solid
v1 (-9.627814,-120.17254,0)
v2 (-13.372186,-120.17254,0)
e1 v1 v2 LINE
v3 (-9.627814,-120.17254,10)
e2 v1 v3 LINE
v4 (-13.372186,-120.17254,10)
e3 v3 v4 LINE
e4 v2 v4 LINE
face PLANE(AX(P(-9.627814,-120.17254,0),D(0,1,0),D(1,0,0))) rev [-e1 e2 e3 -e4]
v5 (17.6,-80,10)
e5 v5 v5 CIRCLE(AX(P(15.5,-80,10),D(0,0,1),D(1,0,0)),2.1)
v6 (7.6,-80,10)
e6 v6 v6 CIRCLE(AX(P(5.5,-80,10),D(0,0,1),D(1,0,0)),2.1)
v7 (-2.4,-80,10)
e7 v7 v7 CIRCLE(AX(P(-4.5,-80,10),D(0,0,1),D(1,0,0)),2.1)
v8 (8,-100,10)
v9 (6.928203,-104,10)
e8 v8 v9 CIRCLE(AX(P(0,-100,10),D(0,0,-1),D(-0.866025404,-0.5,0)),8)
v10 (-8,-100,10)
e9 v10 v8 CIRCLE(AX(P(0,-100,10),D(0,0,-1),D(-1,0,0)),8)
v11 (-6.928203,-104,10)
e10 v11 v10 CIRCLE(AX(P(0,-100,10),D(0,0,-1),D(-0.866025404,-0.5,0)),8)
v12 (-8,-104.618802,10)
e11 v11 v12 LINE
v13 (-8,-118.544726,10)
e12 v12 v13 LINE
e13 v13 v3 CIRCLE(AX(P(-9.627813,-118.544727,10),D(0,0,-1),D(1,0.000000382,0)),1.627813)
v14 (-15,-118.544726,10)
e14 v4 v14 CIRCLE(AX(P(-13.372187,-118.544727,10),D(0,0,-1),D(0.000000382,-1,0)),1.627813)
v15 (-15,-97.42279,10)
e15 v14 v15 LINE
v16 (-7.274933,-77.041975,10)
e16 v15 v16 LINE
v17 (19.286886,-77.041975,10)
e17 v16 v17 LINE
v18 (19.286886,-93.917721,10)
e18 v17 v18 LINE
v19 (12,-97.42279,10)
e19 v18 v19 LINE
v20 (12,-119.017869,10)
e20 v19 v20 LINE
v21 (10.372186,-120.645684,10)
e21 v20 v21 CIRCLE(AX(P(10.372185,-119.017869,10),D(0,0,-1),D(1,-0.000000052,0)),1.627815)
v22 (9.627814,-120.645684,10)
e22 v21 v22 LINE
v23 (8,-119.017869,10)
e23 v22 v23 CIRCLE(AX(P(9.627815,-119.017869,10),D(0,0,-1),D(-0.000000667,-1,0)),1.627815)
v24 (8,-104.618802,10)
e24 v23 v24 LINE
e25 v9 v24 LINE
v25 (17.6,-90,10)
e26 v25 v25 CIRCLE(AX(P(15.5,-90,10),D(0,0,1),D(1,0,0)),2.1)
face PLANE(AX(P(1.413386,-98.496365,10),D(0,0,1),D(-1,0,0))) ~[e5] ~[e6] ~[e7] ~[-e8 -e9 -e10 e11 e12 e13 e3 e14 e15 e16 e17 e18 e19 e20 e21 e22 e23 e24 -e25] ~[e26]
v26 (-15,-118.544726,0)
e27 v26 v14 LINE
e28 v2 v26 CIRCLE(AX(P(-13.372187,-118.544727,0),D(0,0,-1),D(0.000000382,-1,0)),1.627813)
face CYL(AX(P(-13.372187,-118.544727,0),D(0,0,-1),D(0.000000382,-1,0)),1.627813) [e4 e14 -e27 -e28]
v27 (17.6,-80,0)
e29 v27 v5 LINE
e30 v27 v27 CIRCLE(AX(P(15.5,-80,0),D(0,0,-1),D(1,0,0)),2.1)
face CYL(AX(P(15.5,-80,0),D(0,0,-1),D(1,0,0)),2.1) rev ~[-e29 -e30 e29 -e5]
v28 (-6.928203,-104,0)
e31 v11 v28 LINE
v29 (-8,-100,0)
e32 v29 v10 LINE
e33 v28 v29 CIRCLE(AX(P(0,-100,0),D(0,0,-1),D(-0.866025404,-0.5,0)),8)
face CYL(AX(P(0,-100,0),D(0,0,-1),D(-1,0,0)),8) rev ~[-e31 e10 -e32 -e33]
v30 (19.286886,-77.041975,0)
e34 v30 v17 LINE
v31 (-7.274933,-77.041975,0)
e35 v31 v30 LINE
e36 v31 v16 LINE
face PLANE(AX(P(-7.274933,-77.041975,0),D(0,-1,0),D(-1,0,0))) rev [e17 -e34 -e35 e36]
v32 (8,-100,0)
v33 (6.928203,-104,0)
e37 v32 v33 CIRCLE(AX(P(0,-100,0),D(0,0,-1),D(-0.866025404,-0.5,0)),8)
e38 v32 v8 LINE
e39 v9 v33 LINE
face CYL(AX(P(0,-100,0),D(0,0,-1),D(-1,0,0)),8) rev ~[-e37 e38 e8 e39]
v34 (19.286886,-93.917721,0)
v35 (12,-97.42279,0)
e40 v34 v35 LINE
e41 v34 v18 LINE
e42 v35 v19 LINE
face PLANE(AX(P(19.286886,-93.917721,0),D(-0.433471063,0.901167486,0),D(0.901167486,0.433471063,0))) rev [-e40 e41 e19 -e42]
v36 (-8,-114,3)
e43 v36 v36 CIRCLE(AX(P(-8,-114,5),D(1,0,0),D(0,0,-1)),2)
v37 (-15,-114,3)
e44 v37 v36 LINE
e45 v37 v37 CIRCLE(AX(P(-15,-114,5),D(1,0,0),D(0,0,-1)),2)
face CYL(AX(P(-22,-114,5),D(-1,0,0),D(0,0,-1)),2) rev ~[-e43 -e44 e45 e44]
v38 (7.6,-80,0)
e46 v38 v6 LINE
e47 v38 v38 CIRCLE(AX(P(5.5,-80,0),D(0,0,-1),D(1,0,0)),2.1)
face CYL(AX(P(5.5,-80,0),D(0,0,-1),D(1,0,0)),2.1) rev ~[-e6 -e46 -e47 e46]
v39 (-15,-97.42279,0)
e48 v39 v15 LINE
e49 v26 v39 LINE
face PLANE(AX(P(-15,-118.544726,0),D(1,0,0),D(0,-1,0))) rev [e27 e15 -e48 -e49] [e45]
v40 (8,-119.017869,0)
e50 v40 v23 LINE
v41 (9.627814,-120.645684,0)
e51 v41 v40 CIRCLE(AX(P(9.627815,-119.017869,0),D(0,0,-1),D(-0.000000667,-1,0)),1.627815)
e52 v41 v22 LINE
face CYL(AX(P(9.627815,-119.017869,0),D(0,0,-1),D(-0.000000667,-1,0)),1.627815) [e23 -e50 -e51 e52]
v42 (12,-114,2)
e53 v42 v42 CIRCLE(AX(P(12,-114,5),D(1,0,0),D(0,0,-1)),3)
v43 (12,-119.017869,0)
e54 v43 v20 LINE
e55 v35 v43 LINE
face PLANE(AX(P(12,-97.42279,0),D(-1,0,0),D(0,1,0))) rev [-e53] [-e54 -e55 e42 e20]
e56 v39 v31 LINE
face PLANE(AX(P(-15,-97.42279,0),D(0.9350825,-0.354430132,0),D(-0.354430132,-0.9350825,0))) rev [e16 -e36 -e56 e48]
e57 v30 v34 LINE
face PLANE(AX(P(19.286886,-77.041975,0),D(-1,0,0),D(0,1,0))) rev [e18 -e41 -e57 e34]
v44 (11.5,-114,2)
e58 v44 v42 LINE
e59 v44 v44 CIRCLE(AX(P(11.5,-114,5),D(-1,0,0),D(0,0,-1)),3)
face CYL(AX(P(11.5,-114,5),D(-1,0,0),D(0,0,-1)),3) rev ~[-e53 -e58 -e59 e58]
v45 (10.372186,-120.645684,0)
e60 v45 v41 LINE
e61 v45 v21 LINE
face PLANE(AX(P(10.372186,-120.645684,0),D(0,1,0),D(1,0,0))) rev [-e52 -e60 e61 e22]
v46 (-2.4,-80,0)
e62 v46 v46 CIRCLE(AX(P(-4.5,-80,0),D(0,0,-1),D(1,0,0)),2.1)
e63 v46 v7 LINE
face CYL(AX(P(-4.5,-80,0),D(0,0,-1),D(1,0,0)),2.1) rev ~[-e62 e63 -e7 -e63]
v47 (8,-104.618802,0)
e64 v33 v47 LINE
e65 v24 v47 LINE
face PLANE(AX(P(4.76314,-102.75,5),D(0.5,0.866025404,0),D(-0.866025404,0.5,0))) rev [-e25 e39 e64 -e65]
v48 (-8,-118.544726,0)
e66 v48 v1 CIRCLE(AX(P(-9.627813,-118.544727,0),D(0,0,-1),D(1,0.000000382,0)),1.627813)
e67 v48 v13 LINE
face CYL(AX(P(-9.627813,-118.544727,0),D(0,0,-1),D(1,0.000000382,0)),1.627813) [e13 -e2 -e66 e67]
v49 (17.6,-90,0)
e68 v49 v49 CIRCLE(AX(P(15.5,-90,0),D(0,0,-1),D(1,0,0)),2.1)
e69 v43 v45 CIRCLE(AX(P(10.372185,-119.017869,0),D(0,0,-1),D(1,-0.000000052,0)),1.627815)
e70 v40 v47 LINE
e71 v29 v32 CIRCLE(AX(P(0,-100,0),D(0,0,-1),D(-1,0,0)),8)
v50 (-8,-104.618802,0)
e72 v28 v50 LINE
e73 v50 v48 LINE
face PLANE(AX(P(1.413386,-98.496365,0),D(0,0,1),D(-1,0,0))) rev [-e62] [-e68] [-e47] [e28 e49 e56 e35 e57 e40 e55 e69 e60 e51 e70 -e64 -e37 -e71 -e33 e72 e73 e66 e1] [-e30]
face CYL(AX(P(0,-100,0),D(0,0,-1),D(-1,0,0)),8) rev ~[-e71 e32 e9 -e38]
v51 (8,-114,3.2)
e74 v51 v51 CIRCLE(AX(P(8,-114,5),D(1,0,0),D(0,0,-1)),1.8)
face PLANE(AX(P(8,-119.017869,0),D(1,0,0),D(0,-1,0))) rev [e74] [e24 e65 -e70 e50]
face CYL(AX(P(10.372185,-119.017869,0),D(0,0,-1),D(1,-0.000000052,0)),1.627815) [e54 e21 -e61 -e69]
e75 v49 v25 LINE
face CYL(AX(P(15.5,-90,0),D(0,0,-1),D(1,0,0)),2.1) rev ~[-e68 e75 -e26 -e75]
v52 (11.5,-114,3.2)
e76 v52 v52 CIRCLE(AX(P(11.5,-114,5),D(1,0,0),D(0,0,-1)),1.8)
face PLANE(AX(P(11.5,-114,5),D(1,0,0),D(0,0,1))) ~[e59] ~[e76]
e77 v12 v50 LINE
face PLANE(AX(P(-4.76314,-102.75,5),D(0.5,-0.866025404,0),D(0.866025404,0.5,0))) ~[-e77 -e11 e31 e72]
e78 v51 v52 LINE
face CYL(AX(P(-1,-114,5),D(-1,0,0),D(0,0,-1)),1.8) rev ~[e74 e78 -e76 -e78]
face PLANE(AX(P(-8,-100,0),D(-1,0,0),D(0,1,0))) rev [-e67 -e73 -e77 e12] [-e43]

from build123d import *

# Parameters (mm, degrees)
CYLINDER011012_R               = 1.8
CYLINDER011012_DEPTH           = 20
CYLINDER011013_R               = 3
CYLINDER011013_DEPTH           = 20
BOX010_W                       = 20
BOX010_H                       = 10
BOX010_DEPTH                   = 20
CYLINDER011029_R               = 2.1
CYLINDER011029_DEPTH           = 20
ARRAY017_X_COUNT               = 4
ARRAY017_X_PITCH               = 10
ARRAY017_Y_COUNT               = 2
ARRAY017_Y_PITCH               = 10
CYLINDER011011_R               = 2
CYLINDER011011_DEPTH           = 20
CYLINDER011014_R               = 8
CYLINDER011014_DEPTH           = 10
CYLINDER011015_W               = 11
CYLINDER011015_H               = 10
CYLINDER011015_ANGLE           = 240
CYLINDER011015_PLACEMENT_ANGLE = 150
PAD_DEPTH                      = 10


with BuildPart() as bolt_hole001:
    # Cylinder011012 → Cylinder011012 (new body)
    with BuildSketch(Plane(origin=(-1, 14, 5), x_dir=(0, 0, -1), z_dir=(1, 0, 0))):
        Circle(CYLINDER011012_R)
    extrude(amount=CYLINDER011012_DEPTH)


with BuildPart() as bolt_head_hole:
    # Cylinder011013 → Cylinder011013 (new body)
    with BuildSketch(Plane(origin=(11.5, 14, 5), x_dir=(0, 0, -1), z_dir=(1, 0, 0))):
        Circle(CYLINDER011013_R)
    extrude(amount=CYLINDER011013_DEPTH)


with BuildPart() as cube:
    # Box010 → Box010 (new body)
    with BuildSketch(Plane(origin=(-9, -14, 0), x_dir=(1, 0, 0), z_dir=(0, 0, 1))):
        with Locations((10, 5)):
            Rectangle(BOX010_W, BOX010_H)
    extrude(amount=BOX010_DEPTH)


with BuildPart() as general_insert_hole_array_cut:
    # Cylinder011029 → Cylinder011029 (new body)
    with BuildSketch(Plane.XY):
        Circle(CYLINDER011029_R)
    extrude(amount=CYLINDER011029_DEPTH)

    # Array017 X: general insert hole array cut ×4


with BuildPart() as general_insert_hole_array_cut_1:
    add(general_insert_hole_array_cut.part)
    with Locations(*[(i * ARRAY017_X_PITCH, 0, 0) for i in range(1, ARRAY017_X_COUNT)]):
        add(general_insert_hole_array_cut.part)

    # Array017 Y: general insert hole array cut ×2


with BuildPart() as general_insert_hole_array_cut_2:
    add(general_insert_hole_array_cut_1.part)
    with Locations(*[(0, i * ARRAY017_Y_PITCH, 0) for i in range(1, ARRAY017_Y_COUNT)]):
        add(general_insert_hole_array_cut_1.part)


with BuildPart() as general_insert_hole_array_cut_3:
    # Array017 placement: moved
    add(general_insert_hole_array_cut_2.part.moved(Location((-4.5, -20, 0))))

    # Cut023015009020: cut Cube
    add(cube.part, mode=Mode.SUBTRACT)


with BuildPart() as shaft_attachment_hole_fusion:
    # Cylinder011011 → Cylinder011011 (new body)
    with BuildSketch(Plane(origin=(-22, 14, 5), x_dir=(0, 0, -1), z_dir=(1, 0, 0))):
        Circle(CYLINDER011011_R)
    extrude(amount=CYLINDER011011_DEPTH)

    # Fusion004: union bolt hole001, bolt head hole, general insert hole array cut
    add(bolt_hole001.part)
    add(bolt_head_hole.part)
    add(general_insert_hole_array_cut_3.part)


with BuildPart() as cylinder:
    # Cylinder011014 → Cylinder011014 (new body)
    with BuildSketch(Plane.XY):
        Circle(CYLINDER011014_R)
    extrude(amount=CYLINDER011014_DEPTH)


with BuildPart() as cut023015009010:
    # Cylinder011015 → Cylinder011015 (revolve)
    with BuildSketch(Plane.XZ):
        with Locations((5.5, 5)):
            Rectangle(CYLINDER011015_W, CYLINDER011015_H)
    revolve(axis=Axis((0, 0, 0), (0, 0, 1)), revolution_arc=CYLINDER011015_ANGLE)


with BuildPart() as cut023015009010_1:
    # Cylinder011015 placement: moved
    add(cut023015009010.part.rotate(Axis((0, 0, 0), (0, 0, 1)), CYLINDER011015_PLACEMENT_ANGLE))

    # Cut023015009010: cut Cylinder
    add(cylinder.part, mode=Mode.SUBTRACT)


with BuildPart() as shaft_attachment_cut:
    # Sketch002 → Pad (new body)
    with BuildSketch(Plane.XY):
        with BuildLine():
            Line((12, -2.57721), (12, 19.017869))
            ThreePointArc((12, 19.017869), (11.523224, 20.168908), (10.372186, 20.645684))
            Line((10.372186, 20.645684), (9.627814, 20.645684))
            ThreePointArc((9.627814, 20.645684), (8.476776, 20.168908), (8, 19.017869))
            Line((8, 19.017869), (8, 0))
            ThreePointArc((-8, 0), (0, -8), (8, 0))
            Line((-8, 0), (-8, 18.544726))
            ThreePointArc((-8, 18.544726), (-8.476776, 19.695765), (-9.627814, 20.17254))
            Line((-9.627814, 20.17254), (-13.372186, 20.17254))
            ThreePointArc((-13.372186, 20.17254), (-14.523224, 19.695765), (-15, 18.544726))
            Line((-15, 18.544726), (-15, -2.57721))
            Line((-15, -2.57721), (-7.274933, -22.958025))
            Line((-7.274933, -22.958025), (19.286886, -22.958025))
            Line((19.286886, -22.958025), (19.286886, -6.082279))
            Line((19.286886, -6.082279), (12, -2.57721))
        make_face()
    extrude(amount=PAD_DEPTH)

    # Fusion005: union Cut023015009010
    add(cut023015009010_1.part)

    # Cut023015009009: cut shaft attachment hole fusion
    add(shaft_attachment_hole_fusion.part, mode=Mode.SUBTRACT)


with BuildPart() as part_mirroring001:
    # Part__Mirroring001: instance of shaft attachment  cut
    add(shaft_attachment_cut.part.mirror(Plane(origin=(0, -50, 0), x_dir=(1, 0, 0), z_dir=(0, 1, 0))))


solid = part_mirroring001.part
